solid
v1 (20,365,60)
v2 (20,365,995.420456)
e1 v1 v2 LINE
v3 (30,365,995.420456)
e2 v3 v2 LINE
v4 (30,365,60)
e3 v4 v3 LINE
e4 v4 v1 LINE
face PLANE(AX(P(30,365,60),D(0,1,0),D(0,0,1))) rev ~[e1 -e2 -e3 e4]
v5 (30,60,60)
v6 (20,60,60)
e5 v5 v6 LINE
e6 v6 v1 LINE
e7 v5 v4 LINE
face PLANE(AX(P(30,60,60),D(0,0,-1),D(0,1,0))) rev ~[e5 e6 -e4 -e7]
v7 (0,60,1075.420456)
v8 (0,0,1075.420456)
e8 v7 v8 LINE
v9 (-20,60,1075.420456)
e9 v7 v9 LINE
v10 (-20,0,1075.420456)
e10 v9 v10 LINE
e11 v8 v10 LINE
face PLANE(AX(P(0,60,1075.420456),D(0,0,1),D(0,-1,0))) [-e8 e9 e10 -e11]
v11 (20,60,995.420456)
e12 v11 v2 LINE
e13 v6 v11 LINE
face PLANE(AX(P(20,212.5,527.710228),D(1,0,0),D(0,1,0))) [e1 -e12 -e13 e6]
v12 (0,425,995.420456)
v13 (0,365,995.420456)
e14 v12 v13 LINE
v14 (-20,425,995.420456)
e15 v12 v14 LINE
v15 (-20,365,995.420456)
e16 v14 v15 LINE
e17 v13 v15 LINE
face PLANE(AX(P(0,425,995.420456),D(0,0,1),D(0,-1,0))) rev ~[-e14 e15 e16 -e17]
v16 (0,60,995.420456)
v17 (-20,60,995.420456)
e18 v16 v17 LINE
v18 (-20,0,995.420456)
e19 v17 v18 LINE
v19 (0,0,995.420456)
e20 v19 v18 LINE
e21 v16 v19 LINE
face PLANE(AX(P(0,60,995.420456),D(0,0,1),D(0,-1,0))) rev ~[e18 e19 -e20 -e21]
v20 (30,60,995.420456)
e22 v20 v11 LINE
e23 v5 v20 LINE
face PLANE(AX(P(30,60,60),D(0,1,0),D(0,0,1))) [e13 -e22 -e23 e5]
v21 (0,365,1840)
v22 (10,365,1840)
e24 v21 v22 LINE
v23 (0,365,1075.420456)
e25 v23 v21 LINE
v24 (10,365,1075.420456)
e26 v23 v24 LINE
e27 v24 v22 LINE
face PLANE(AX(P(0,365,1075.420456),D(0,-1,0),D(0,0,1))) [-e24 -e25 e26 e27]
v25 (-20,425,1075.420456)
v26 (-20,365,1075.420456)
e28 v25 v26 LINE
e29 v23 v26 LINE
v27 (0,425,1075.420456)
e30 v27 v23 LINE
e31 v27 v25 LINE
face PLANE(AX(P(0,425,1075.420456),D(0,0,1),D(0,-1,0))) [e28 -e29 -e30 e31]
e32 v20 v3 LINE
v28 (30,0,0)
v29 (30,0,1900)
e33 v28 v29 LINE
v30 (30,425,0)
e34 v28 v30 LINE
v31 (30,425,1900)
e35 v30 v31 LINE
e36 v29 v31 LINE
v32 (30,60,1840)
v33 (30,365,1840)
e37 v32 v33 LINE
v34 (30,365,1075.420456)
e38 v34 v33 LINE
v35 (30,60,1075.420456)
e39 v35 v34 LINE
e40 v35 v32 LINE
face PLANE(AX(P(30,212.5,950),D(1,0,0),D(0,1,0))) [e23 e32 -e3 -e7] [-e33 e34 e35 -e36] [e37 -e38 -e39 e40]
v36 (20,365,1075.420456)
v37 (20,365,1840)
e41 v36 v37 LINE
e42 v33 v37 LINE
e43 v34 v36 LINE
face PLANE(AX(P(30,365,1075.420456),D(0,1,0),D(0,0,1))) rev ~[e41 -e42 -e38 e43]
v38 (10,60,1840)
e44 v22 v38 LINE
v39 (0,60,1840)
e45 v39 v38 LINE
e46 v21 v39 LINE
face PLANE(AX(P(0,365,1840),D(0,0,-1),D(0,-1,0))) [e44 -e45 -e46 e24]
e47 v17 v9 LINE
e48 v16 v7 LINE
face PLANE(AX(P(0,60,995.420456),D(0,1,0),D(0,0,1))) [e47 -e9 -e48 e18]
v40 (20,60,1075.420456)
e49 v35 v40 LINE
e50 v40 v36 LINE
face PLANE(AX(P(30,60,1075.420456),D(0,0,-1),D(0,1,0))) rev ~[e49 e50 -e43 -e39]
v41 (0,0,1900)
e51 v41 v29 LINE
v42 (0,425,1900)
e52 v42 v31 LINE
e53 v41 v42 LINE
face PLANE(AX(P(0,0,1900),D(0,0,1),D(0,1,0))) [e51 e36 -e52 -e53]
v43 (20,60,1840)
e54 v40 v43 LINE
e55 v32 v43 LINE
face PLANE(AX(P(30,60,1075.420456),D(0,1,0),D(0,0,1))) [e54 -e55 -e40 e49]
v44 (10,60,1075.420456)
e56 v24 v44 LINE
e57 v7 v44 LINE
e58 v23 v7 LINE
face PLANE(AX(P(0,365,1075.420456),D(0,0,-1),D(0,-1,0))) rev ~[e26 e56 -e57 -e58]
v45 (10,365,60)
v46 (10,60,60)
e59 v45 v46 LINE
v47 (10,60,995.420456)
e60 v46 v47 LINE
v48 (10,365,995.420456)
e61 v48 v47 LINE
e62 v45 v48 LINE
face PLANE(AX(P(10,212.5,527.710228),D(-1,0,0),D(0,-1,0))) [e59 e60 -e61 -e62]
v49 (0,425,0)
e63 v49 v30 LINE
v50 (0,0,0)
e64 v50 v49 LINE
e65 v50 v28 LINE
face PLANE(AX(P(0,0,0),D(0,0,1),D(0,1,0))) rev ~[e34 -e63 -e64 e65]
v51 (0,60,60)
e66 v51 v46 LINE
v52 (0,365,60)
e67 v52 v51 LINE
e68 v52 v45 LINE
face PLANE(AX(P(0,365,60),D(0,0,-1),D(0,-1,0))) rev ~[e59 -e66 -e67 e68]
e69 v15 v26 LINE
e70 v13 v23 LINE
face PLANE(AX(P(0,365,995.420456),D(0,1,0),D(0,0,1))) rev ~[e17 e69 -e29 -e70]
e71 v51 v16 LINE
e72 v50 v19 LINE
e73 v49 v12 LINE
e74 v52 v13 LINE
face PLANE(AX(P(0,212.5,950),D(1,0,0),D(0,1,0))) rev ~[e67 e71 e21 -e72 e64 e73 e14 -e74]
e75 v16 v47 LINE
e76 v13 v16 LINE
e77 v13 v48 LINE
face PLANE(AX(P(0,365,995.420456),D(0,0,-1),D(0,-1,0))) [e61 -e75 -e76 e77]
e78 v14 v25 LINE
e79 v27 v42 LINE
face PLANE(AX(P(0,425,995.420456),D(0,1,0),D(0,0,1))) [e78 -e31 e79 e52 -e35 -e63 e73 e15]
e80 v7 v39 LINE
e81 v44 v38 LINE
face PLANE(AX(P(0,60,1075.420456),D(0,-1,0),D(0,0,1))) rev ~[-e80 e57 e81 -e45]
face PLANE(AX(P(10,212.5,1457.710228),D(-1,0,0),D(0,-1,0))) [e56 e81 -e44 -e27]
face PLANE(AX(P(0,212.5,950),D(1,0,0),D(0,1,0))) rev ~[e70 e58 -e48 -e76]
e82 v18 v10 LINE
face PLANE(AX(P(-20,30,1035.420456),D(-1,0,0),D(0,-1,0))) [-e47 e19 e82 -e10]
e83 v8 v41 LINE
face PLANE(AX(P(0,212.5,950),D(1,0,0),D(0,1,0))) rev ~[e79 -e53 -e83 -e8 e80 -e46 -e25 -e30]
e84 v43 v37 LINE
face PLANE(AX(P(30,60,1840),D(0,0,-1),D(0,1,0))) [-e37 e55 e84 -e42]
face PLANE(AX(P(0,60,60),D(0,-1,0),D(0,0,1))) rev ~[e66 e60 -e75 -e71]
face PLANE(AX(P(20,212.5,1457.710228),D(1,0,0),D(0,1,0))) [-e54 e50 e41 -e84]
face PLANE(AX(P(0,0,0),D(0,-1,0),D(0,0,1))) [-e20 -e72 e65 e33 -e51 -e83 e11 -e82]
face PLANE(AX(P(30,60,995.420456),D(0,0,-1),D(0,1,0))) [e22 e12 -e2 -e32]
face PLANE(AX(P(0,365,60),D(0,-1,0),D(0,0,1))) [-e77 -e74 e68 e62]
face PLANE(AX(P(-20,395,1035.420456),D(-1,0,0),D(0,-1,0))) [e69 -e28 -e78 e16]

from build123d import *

# Parameters (mm, degrees)
F0_W     = 425
F0_H     = 1900
F1_DEPTH = 30
F2_W     = 305
F2_H     = 764.579544
F2_H_2   = 935.420456
F3_DEPTH = 10
F4_W     = 305
F4_H     = 764.579544
F4_H_2   = 935.420456
F5_DEPTH = 10
F6_W     = 60
F6_H     = 80
F7_DEPTH = 20


with BuildPart() as f1:
    # F0 (on Right) → F1 (new body)
    with BuildSketch(Plane.YZ):
        with Locations((212.5, 950)):
            Rectangle(F0_W, F0_H)
    extrude(amount=F1_DEPTH)

    # F2 (on face) → F3 (cut)
    with BuildSketch(Plane.YZ.offset(30)):
        with Locations((212.5, 1457.710228)):
            Rectangle(F2_W, F2_H)
        with Locations((212.5, 527.710228)):
            Rectangle(F2_W, F2_H_2)
    extrude(amount=-F3_DEPTH, mode=Mode.SUBTRACT)

    # F4 (on face) → F5 (cut)
    with BuildSketch(Plane(origin=(0, 0, 0), x_dir=(0, -1, 0), z_dir=(-1, 0, 0))):
        with Locations((-212.5, 1457.710228)):
            Rectangle(F4_W, F4_H)
        with Locations((-212.5, 527.710228)):
            Rectangle(F4_W, F4_H_2)
    extrude(amount=-F5_DEPTH, mode=Mode.SUBTRACT)

    # F6 (on face) → F7 (join)
    with BuildSketch(Plane(origin=(0, 0, 0), x_dir=(0, -1, 0), z_dir=(-1, 0, 0))):
        with Locations((-395, 1035.420456)):
            Rectangle(F6_W, F6_H)
        with Locations((-30, 1035.420456)):
            Rectangle(F6_W, F6_H)
    extrude(amount=F7_DEPTH)


solid = f1.part
